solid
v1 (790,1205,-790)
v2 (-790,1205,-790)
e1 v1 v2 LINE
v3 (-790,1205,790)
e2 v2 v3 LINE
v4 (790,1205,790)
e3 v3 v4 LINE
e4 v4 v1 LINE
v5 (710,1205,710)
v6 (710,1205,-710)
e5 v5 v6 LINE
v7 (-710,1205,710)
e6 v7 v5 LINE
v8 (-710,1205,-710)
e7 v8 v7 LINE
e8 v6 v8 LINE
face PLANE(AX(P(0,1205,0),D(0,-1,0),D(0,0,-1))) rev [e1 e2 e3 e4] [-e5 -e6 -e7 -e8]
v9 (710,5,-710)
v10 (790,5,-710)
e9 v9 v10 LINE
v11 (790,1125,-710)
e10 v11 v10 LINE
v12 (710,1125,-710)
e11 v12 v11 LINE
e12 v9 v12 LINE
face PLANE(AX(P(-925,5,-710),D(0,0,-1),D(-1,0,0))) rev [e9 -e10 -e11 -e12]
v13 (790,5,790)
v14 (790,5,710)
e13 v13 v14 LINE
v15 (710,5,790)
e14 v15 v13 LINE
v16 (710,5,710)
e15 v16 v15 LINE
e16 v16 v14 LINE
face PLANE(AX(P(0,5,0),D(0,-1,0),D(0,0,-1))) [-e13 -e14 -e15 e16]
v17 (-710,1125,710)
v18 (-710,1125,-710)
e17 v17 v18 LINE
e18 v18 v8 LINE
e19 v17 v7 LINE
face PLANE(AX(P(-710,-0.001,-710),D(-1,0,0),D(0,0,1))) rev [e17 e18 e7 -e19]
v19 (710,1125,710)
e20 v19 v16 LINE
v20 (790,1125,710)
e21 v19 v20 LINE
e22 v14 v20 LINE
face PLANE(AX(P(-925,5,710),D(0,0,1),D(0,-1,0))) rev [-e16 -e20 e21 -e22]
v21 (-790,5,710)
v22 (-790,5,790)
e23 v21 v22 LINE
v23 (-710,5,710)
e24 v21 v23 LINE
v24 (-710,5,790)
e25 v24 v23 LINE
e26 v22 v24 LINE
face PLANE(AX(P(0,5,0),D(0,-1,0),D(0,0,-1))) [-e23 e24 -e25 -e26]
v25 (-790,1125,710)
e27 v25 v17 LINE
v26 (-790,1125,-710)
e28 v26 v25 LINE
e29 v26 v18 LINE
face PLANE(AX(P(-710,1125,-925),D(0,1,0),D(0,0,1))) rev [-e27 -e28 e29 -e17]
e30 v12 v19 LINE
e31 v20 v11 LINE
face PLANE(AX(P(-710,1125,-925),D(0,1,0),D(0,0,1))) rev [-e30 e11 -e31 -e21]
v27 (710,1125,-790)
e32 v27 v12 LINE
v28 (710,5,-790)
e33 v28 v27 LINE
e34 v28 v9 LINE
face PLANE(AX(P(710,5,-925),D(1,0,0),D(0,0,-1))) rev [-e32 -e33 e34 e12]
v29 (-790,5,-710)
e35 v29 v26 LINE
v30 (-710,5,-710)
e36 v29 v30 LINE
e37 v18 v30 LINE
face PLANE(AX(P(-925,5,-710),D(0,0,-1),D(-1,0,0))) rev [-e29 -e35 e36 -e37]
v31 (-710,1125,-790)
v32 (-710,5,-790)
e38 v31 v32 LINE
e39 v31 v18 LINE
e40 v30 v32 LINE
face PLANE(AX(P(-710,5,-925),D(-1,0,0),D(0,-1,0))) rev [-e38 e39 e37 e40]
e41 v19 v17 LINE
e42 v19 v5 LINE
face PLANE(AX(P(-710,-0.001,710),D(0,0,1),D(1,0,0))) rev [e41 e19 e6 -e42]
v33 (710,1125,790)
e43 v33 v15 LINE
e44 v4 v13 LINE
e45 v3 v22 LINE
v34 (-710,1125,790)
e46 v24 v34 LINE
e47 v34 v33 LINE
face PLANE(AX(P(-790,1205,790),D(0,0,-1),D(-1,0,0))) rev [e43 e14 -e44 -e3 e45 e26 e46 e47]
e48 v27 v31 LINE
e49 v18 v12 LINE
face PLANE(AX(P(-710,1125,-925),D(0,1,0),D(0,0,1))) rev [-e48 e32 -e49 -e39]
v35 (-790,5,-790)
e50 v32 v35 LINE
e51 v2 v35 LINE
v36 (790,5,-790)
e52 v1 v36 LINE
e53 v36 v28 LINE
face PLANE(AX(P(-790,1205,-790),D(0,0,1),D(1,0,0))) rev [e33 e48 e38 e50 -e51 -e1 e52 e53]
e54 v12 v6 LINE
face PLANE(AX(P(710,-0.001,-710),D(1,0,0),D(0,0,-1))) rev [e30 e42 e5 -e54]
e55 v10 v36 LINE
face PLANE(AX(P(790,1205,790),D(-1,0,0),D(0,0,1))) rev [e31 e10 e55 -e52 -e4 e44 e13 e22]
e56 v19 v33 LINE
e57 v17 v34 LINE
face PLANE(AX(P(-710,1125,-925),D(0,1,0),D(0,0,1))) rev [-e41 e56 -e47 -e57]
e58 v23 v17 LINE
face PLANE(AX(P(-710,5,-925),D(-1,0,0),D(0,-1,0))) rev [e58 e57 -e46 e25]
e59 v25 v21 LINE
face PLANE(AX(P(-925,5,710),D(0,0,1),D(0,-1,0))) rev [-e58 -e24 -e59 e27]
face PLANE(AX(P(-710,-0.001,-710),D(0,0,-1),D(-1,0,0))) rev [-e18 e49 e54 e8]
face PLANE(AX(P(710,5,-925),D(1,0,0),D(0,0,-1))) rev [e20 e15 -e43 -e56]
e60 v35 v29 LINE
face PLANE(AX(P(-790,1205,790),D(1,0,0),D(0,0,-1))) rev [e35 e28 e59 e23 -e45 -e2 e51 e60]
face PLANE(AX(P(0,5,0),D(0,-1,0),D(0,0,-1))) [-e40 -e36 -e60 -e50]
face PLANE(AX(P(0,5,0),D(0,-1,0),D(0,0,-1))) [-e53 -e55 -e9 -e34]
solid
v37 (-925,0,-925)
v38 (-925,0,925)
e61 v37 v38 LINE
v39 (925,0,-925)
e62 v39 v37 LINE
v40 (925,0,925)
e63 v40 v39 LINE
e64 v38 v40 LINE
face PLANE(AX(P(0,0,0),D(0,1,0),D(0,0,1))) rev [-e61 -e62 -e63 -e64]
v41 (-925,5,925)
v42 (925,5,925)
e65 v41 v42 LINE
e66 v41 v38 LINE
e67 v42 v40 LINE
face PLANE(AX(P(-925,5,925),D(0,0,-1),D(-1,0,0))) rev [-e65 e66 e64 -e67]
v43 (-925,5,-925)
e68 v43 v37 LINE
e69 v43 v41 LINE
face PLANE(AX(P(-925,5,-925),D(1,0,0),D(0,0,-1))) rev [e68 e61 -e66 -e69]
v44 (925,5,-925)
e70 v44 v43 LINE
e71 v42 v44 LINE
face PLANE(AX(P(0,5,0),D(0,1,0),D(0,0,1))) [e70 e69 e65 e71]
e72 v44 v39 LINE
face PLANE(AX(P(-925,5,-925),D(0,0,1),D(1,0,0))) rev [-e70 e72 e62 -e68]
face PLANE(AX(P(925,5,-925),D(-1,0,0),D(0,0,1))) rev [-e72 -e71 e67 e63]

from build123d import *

# Parameters (mm, degrees)
SKETCH1_W               = 1850
SKETCH1_H               = 1850
BOSS_EXTRUDE1_DEPTH     = 5
SKETCH2_W               = 1580
SKETCH2_H               = 1580
BOSS_EXTRUDE2_DEPTH     = 1200
CUT_EXTRUDE1_DEPTH      = 1779.559810633
CUT_EXTRUDE1_DEPTH_BACK = 1779.559810633
SKETCH3_W               = 1420
SKETCH3_H               = 1120
CUT_EXTRUDE2_DEPTH      = 1779.559810633
CUT_EXTRUDE2_DEPTH_BACK = 1779.559810633
SKETCH4_W               = 1420
SKETCH4_H               = 1120
SKETCH5_W               = 1420
SKETCH5_H               = 1420
CUT_EXTRUDE3_DEPTH      = 80


with BuildPart() as part:
    # Sketch1 → Boss-Extrude1 (new body)
    with BuildSketch(Plane(origin=(0, 0, 0), x_dir=(1, 0, 0), z_dir=(0, 1, 0))):
        Rectangle(SKETCH1_W, SKETCH1_H)
    extrude(amount=BOSS_EXTRUDE1_DEPTH)


with BuildPart() as body_2:
    # Sketch2 → Boss-Extrude2 (new body)
    with BuildSketch(Plane(origin=(0, 5, 0), x_dir=(1, 0, 0), z_dir=(0, 1, 0))):
        Rectangle(SKETCH2_W, SKETCH2_H)
    extrude(amount=BOSS_EXTRUDE2_DEPTH)

    # Sketch3 → Cut-Extrude1 (cut, two sides: drawn at the far end of the back side and taken through both)
    with BuildSketch(Plane.XY.offset(-CUT_EXTRUDE1_DEPTH_BACK)):
        with Locations((0, 565)):
            Rectangle(SKETCH3_W, SKETCH3_H)
    extrude(amount=CUT_EXTRUDE1_DEPTH + CUT_EXTRUDE1_DEPTH_BACK, mode=Mode.SUBTRACT)

    # Sketch4 → Cut-Extrude2 (cut, two sides: drawn at the far end of the back side and taken through both)
    with BuildSketch(Plane(origin=(0, 0, 0), x_dir=(0, 0, -1), z_dir=(1, 0, 0)).offset(-CUT_EXTRUDE2_DEPTH_BACK)):
        with Locations((0, 565)):
            Rectangle(SKETCH4_W, SKETCH4_H)
    extrude(amount=CUT_EXTRUDE2_DEPTH + CUT_EXTRUDE2_DEPTH_BACK, mode=Mode.SUBTRACT)

    # Sketch5 → Cut-Extrude3 (cut)
    with BuildSketch(Plane(origin=(0, 1205, 0), x_dir=(1, 0, 0), z_dir=(0, 1, 0))):
        Rectangle(SKETCH5_W, SKETCH5_H)
    extrude(amount=-CUT_EXTRUDE3_DEPTH, mode=Mode.SUBTRACT)


solid = Compound([part.part, body_2.part])
